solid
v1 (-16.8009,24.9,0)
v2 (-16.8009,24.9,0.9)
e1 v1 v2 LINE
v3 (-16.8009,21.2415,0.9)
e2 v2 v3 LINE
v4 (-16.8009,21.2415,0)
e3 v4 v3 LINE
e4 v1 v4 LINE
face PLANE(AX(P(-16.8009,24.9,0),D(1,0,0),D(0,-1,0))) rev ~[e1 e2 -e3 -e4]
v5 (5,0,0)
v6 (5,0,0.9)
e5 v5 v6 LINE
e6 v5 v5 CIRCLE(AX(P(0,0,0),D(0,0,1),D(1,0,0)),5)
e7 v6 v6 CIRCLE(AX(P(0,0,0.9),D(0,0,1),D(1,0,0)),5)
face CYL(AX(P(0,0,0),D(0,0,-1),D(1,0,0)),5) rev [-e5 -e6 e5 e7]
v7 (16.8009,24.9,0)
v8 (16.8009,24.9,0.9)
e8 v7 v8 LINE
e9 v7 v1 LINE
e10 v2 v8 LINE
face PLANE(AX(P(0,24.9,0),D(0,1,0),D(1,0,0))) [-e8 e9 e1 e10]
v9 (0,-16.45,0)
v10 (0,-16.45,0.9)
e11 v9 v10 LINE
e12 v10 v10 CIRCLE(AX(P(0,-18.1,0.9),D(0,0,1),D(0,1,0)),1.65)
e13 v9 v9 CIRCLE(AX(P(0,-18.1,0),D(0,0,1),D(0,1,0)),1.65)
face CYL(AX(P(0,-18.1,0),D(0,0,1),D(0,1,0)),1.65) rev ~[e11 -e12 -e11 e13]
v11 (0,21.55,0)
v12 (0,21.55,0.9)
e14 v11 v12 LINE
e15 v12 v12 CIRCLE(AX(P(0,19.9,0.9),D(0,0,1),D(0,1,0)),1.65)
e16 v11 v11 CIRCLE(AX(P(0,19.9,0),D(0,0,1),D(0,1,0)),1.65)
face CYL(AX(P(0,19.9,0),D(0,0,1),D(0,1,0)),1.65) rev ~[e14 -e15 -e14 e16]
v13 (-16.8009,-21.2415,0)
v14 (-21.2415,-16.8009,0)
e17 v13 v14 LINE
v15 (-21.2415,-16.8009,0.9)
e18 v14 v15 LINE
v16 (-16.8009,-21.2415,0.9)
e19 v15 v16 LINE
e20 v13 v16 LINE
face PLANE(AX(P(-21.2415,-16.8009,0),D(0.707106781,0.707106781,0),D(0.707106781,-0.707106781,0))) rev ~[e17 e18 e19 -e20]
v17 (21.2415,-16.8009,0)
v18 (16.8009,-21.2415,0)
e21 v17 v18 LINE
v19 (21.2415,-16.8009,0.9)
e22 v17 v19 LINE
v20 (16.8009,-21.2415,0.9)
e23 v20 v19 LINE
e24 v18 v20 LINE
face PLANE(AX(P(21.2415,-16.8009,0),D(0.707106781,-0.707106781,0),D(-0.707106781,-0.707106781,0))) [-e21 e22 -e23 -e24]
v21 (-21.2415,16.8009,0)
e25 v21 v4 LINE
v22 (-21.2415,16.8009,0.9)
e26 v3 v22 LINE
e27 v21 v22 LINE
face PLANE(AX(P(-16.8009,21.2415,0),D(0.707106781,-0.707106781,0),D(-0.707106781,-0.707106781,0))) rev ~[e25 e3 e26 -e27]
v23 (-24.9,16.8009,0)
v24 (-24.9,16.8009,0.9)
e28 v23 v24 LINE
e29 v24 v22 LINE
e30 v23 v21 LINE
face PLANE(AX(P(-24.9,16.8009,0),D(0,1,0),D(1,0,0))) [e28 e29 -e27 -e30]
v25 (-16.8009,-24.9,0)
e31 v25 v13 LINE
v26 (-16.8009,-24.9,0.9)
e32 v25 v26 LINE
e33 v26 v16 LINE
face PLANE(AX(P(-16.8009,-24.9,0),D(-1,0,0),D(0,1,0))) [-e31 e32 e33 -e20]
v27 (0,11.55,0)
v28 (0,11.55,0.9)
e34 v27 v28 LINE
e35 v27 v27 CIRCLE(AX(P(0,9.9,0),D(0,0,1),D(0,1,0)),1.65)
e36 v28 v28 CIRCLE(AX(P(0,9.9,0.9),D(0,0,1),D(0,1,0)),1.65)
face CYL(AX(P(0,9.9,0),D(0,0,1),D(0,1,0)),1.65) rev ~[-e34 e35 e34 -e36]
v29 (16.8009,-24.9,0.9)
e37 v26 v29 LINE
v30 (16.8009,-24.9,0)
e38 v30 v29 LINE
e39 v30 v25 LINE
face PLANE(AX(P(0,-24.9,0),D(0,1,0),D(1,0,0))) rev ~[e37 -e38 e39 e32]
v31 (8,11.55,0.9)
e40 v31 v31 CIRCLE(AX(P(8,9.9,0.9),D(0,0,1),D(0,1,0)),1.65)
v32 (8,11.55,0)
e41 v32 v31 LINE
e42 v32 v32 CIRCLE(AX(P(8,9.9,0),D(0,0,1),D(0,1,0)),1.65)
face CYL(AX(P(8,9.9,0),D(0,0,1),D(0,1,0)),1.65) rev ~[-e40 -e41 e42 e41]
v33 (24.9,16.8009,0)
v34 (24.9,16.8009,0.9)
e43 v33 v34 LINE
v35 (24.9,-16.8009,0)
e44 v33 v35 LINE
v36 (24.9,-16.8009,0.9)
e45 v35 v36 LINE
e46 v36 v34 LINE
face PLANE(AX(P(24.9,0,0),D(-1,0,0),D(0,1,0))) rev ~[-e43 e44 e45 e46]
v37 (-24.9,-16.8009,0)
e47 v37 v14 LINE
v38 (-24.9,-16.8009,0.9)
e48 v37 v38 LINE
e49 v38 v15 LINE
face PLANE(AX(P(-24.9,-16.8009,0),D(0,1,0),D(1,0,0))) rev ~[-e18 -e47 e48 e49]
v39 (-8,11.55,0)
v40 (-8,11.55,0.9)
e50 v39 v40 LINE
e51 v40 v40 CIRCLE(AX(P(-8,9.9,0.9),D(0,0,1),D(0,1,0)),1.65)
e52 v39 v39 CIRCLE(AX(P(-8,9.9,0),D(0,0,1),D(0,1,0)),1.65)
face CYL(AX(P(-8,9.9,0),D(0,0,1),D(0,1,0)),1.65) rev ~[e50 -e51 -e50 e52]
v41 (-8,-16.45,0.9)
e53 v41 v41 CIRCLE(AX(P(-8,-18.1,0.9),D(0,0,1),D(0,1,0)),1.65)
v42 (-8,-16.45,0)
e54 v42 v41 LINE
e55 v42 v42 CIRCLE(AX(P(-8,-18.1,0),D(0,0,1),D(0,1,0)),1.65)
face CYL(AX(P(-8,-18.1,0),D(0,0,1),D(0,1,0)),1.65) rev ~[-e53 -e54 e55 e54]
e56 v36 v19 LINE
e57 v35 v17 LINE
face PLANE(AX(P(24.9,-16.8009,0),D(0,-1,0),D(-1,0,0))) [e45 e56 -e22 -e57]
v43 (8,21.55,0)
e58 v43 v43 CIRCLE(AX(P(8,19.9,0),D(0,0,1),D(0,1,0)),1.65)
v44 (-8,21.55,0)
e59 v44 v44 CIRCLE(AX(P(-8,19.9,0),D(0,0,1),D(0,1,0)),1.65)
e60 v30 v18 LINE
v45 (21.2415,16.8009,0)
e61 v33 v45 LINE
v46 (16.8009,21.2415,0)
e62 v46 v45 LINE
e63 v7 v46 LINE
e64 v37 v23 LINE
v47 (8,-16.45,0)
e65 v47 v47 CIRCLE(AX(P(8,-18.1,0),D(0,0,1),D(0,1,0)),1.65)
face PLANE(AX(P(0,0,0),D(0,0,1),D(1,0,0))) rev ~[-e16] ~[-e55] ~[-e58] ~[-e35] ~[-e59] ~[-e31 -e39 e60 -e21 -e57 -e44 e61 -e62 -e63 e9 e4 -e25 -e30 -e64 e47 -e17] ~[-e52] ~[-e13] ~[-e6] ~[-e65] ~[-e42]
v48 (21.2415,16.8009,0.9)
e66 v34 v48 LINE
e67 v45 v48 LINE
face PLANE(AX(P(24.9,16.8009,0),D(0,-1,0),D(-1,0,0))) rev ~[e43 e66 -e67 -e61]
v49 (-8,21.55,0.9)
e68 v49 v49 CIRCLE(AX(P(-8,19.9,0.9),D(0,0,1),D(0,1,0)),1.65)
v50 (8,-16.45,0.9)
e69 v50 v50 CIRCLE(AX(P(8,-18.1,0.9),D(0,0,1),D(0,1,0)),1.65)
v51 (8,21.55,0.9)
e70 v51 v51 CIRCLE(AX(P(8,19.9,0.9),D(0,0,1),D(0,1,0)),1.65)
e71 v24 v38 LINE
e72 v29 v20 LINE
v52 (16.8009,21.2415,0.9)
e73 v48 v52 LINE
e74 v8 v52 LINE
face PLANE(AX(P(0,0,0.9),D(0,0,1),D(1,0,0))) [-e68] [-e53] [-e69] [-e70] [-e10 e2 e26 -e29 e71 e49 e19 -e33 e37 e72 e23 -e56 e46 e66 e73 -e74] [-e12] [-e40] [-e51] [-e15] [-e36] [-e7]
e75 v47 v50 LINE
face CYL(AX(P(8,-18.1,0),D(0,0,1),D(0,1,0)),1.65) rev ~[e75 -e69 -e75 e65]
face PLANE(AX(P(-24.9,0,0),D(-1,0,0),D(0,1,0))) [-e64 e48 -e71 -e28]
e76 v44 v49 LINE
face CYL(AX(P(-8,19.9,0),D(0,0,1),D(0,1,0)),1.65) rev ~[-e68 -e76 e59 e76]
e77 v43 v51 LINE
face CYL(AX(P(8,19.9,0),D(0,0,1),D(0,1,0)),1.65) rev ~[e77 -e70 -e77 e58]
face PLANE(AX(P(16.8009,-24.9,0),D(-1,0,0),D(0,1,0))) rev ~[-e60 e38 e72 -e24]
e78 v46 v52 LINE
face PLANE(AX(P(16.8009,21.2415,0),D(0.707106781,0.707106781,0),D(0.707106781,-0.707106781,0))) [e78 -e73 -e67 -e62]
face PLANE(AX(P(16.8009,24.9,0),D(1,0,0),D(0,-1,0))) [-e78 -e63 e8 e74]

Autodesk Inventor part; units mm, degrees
ref_plane "Work Plane1" through (-29.1, -14.5, 2.4) normal (0, 0, -1) x (0, 1, 0)
ref_plane "Work Plane2" through (-15, -33.1, 1.9) normal (0, 0, -1) x (0, 1, 0)
ref_plane "Work Plane3" through (14, -23.1, 0.9) normal (0, 0, -1) x (0, 1, 0)
sketch "Sketch1" plane through (0, 0, 0) normal (0, 0, 1) x (1, 0, 0)
  line L0 (-34.86, 0) -> (34.86, 0) construction
  line L1 (0, -34.86) -> (0, 34.86) construction
  line L2 (0, 0) -> (11.1575, 11.1575) construction
  line L3 (0, 0) -> (15.7791, 0) construction
  line L4 (0, 24.9) -> (16.8009, 24.9)
  line L5 (16.8009, 24.9) -> (16.8009, 21.2415)
  line L6 (16.8009, 21.2415) -> (19.0212, 19.0212)
  line L7 (24.9, 0) -> (24.9, 16.8009)
  line L8 (24.9, 16.8009) -> (21.2415, 16.8009)
  line L9 (21.2415, 16.8009) -> (19.0212, 19.0212)
  line L10 (0, -24.9) -> (16.8009, -24.9)
  line L11 (16.8009, -24.9) -> (16.8009, -21.2415)
  line L12 (16.8009, -21.2415) -> (19.0212, -19.0212)
  line L13 (24.9, 0) -> (24.9, -16.8009)
  line L14 (24.9, -16.8009) -> (21.2415, -16.8009)
  line L15 (21.2415, -16.8009) -> (19.0212, -19.0212)
  line L16 (0, 24.9) -> (-16.8009, 24.9)
  line L17 (-16.8009, 24.9) -> (-16.8009, 21.2415)
  line L18 (-16.8009, 21.2415) -> (-19.0212, 19.0212)
  line L19 (-24.9, 16.8009) -> (-21.2415, 16.8009)
  line L20 (-21.2415, 16.8009) -> (-19.0212, 19.0212)
  line L21 (0, -24.9) -> (-16.8009, -24.9)
  line L22 (-16.8009, -24.9) -> (-16.8009, -21.2415)
  line L23 (-16.8009, -21.2415) -> (-19.0212, -19.0212)
  line L24 (-21.2415, -16.8009) -> (-19.0212, -19.0212)
  line L25 (-24.9, -16.8009) -> (-21.2415, -16.8009)
  line L26 (-24.9, 0) -> (-24.9, -16.8009)
  line L27 (-24.9, 0) -> (-24.9, 16.8009)
  circle A0 centre (0, 0) radius 5
  dimension "d0" = 45
  dimension "d2" = 24.9
  dimension "d3" = 3.14
  dimension "d4" = 26.9
  dimension "d5" = 10
extrude "Extrusion1" add sketch "Sketch1" along normal up to surface (0.9 mm away)
sketch "Sketch5" plane through (0, 0, 0) normal (0, 0, -1) x (-1, 0, 0)
  circle A0 centre (-8, -18.1) radius 1.4 construction
  circle A1 centre (0, -18.1) radius 1.4 construction
  circle A2 centre (8, -18.1) radius 1.4 construction
  circle A3 centre (-12, -18.1) radius 1.4 construction
  circle A4 centre (0, 9.9) radius 1.4 construction
  circle A5 centre (-8, 9.9) radius 1.4 construction
  circle A6 centre (8, 9.9) radius 1.4 construction
  circle A7 centre (8, 19.9) radius 1.4 construction
  circle A8 centre (0, 19.9) radius 1.4 construction
  circle A9 centre (-8, 19.9) radius 1.4 construction
  point P0 (-9.7, 10)
  point P1 (-9.7, -10)
  point P2 (13.8, 0)
  point P3 (-0.2419, -17.9861)
hole "Hole1" at (8, 19.9, 0) at (0, 19.9, 0) at (-8, 19.9, 0) at (0, -18.1, 0) at (-8, -18.1, 0) at (8, 9.9, 0) at (0, 9.9, 0) at (-8, 9.9, 0) at (8, -18.1, 0) direction (0, 0, 1) diameter 3.3 depth 12 tip angle 118
properties part number "20_Cube_insert_Sample_holder"
